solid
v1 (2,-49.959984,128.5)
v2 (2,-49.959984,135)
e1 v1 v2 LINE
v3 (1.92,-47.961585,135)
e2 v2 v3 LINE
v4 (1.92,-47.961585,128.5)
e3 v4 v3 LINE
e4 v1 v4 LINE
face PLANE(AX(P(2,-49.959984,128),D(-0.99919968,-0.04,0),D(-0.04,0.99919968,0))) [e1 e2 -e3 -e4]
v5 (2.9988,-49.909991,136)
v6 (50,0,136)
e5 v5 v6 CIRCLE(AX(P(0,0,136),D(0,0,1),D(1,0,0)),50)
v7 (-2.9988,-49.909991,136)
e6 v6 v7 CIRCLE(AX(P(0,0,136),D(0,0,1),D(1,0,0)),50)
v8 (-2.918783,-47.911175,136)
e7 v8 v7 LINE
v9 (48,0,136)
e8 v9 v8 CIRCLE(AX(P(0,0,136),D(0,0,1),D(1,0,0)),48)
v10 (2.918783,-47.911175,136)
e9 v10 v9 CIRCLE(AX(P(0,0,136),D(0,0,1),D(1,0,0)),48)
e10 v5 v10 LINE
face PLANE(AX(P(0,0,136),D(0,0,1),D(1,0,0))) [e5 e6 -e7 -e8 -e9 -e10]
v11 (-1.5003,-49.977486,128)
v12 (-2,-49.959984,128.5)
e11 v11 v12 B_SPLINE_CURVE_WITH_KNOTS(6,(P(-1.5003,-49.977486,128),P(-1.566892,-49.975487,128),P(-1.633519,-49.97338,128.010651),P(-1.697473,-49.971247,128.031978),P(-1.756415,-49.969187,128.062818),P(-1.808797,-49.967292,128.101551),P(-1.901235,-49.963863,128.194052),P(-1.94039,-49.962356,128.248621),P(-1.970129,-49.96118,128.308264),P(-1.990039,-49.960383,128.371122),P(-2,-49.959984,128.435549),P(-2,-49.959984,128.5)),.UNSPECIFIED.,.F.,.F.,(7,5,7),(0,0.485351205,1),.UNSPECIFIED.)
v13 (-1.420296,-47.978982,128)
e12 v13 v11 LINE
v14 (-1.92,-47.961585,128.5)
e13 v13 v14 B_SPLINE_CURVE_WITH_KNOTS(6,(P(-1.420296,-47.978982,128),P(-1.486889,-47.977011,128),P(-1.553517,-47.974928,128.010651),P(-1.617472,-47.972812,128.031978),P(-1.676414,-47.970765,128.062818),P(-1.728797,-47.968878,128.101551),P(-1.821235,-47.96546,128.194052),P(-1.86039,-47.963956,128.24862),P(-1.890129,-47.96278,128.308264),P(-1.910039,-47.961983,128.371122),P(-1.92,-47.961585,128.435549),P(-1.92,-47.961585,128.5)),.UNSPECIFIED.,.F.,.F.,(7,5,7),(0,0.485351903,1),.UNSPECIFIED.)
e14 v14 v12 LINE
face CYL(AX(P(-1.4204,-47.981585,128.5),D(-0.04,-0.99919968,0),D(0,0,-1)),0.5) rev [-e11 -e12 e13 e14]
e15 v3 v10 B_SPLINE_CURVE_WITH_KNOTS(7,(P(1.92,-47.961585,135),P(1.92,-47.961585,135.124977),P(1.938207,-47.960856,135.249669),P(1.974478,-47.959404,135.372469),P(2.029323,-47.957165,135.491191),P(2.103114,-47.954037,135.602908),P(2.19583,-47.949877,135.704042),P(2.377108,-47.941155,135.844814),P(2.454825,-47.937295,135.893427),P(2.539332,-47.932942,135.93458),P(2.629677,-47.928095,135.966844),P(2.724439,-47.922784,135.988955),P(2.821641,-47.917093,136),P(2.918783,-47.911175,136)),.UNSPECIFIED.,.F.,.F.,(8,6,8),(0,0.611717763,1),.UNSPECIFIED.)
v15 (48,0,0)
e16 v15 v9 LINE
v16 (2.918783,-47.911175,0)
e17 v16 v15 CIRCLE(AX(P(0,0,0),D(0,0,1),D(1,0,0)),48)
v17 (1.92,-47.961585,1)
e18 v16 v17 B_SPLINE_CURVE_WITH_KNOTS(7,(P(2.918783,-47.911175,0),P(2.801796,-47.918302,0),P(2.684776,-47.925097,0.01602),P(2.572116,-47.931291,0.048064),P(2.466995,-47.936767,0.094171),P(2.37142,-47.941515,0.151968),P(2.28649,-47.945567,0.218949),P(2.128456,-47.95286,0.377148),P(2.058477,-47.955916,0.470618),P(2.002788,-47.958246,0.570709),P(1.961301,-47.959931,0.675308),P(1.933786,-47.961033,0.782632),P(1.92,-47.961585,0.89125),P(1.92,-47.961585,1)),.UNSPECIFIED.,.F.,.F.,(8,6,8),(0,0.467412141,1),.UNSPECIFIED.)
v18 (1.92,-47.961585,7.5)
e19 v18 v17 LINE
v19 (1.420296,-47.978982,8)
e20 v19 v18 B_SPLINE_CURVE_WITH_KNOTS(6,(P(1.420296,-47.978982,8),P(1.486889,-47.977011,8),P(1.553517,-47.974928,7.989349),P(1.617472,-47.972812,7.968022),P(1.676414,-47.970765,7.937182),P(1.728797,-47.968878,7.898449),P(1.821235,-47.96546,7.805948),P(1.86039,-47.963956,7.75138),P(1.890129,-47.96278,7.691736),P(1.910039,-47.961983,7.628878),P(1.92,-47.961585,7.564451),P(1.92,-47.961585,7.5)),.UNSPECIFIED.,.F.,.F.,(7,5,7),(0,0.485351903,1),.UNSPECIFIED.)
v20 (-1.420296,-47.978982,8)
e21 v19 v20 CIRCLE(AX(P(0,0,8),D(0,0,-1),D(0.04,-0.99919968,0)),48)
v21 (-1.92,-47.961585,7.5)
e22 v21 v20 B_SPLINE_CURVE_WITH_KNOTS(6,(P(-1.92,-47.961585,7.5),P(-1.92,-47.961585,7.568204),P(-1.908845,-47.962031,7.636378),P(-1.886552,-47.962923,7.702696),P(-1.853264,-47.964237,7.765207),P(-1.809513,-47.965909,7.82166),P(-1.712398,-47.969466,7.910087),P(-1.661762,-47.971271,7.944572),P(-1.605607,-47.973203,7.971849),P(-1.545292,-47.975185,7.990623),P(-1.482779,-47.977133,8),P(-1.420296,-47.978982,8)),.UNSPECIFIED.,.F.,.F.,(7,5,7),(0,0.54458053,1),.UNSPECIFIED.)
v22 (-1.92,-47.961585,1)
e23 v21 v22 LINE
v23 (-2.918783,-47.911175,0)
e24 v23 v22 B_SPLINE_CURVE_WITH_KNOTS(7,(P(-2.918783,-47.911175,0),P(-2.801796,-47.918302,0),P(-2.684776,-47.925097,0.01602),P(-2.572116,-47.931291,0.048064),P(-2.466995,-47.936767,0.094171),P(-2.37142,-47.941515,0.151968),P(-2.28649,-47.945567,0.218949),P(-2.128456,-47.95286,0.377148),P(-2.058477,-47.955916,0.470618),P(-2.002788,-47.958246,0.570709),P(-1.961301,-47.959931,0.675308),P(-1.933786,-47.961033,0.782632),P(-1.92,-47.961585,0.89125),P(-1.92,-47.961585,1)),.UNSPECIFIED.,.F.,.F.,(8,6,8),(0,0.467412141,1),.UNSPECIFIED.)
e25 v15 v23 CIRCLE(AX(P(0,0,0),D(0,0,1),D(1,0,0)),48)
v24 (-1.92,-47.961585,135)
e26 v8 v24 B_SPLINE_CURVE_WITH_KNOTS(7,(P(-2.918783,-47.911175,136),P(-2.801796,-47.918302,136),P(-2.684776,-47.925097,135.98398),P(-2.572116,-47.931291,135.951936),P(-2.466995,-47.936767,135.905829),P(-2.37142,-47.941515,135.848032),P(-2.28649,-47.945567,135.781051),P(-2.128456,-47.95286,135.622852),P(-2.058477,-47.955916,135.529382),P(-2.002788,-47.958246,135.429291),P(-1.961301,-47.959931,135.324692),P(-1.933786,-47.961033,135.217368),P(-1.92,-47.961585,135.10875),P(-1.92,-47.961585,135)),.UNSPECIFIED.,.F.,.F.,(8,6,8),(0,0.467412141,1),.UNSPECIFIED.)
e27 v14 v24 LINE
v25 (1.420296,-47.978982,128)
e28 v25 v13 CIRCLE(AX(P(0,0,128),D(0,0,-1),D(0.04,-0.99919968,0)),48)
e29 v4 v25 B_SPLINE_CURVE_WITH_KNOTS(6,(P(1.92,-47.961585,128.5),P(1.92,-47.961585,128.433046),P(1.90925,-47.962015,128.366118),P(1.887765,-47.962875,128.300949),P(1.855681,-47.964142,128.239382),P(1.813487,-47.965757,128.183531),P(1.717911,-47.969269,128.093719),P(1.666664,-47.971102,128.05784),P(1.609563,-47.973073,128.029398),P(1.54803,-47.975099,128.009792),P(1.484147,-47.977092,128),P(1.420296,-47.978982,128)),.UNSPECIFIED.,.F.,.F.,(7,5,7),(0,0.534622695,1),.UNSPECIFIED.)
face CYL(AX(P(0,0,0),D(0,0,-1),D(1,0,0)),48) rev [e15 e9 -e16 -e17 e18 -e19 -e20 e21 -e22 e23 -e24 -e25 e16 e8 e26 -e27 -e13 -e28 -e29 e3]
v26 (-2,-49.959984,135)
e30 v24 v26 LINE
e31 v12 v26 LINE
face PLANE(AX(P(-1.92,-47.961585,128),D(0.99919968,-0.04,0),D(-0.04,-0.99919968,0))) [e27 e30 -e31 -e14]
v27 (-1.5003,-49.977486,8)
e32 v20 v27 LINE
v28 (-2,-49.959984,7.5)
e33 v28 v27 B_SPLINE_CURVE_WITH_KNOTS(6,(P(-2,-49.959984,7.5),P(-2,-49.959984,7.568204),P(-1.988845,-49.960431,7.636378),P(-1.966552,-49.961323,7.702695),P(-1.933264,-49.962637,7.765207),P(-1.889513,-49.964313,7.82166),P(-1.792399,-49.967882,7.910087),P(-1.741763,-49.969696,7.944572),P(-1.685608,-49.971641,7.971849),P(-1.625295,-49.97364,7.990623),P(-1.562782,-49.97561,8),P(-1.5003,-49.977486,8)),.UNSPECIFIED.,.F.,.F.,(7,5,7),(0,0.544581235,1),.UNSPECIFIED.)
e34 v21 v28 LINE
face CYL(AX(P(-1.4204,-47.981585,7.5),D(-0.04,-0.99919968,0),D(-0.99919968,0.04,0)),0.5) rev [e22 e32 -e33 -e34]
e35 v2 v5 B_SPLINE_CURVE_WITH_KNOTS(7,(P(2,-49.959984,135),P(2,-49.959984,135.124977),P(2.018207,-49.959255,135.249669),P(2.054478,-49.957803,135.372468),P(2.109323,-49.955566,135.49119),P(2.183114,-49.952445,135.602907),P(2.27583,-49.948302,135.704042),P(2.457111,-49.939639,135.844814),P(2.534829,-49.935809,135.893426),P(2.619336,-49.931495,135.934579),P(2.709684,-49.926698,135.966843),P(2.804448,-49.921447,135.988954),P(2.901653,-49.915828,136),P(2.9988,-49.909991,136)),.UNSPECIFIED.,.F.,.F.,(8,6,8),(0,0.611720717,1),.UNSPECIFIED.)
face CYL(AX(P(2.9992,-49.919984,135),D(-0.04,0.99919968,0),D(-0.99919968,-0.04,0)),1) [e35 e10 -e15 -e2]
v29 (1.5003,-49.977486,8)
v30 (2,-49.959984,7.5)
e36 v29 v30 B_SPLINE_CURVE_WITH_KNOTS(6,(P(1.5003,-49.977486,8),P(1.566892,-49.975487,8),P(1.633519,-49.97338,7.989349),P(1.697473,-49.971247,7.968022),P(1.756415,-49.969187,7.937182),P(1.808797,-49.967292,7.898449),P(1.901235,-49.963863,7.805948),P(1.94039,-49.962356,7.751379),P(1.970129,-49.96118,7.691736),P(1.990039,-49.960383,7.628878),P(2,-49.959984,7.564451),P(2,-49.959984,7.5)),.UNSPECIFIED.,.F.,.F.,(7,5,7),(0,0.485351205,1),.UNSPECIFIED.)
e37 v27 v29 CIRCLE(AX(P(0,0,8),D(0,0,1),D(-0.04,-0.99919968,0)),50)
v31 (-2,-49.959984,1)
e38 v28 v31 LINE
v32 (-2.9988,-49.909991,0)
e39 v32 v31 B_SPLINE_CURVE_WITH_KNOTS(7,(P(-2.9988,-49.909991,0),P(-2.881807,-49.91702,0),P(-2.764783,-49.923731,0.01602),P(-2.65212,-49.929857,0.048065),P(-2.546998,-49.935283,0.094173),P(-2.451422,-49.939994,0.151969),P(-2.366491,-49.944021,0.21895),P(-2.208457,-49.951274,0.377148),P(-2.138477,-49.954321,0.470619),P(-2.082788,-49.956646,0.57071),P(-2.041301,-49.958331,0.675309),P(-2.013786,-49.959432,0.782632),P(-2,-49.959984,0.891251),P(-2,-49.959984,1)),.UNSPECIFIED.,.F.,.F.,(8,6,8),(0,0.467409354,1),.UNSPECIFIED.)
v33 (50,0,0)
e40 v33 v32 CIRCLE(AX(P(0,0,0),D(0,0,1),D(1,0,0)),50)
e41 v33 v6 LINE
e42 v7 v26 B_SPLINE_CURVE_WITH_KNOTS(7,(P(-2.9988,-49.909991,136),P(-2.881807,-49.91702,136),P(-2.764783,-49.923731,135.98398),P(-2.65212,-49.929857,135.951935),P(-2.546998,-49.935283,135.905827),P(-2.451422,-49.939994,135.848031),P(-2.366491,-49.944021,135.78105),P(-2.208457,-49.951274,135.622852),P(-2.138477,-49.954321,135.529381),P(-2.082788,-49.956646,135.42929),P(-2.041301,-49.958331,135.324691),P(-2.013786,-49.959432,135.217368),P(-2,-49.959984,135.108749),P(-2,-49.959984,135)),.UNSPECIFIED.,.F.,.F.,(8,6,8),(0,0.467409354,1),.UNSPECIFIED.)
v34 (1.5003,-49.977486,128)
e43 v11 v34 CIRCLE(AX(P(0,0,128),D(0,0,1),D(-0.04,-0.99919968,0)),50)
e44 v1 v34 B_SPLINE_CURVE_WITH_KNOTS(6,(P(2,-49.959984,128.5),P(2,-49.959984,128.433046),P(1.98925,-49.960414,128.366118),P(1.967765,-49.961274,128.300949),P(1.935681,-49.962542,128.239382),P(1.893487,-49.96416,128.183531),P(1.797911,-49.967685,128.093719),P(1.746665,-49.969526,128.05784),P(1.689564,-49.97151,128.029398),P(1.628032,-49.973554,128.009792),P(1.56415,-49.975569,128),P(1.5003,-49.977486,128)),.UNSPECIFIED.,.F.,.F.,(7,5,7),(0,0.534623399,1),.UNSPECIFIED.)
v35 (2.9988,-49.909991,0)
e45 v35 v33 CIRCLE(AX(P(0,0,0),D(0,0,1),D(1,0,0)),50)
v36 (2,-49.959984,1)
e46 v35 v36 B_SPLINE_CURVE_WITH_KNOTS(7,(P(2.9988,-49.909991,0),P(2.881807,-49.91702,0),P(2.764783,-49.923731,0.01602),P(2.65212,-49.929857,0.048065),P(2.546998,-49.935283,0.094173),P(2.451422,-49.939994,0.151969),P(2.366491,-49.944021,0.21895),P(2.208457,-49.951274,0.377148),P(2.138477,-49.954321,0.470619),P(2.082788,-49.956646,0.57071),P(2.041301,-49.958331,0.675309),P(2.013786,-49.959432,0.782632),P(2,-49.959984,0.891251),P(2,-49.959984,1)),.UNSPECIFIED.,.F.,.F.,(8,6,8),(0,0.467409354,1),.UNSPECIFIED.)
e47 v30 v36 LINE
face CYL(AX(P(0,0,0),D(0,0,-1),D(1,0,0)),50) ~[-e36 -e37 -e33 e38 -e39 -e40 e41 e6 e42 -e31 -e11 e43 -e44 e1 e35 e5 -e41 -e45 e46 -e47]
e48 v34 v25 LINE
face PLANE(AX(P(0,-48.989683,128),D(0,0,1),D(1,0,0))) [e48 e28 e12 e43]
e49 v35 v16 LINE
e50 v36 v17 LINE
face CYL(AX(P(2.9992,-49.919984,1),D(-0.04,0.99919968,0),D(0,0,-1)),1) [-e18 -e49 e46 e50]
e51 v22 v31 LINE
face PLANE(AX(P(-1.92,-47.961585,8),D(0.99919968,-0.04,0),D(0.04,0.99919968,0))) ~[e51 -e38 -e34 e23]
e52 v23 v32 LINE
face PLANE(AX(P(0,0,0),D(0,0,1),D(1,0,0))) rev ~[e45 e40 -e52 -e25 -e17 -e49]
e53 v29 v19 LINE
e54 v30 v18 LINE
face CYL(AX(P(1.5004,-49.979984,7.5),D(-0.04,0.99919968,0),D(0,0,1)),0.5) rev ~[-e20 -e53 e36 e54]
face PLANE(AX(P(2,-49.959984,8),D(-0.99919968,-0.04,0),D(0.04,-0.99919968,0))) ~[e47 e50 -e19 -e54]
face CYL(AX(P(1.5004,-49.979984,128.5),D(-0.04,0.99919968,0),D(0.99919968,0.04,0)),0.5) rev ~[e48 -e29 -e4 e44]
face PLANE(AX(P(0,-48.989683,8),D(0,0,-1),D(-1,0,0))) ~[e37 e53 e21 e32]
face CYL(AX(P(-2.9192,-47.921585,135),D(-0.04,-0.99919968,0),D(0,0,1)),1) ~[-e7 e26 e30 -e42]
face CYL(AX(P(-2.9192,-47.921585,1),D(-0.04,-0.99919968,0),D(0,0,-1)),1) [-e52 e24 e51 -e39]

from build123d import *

# Parameters (mm, degrees)
SKETCH_1_R          = 50
SKETCH_1_R_2        = 48
EXTRUDE_1_DEPTH     = 136
CUT_EXTRUDE_START   = -8
CUT_EXTRUDE_1_DEPTH = 8
FILLET_1_R          = 0.5
FILLET_2_R          = 1


with BuildPart() as part:
    # Эскиз1 → Бобышка-Вытянуть1 (new body)
    with BuildSketch(Plane.XY):
        Circle(SKETCH_1_R)
        Circle(SKETCH_1_R_2, mode=Mode.SUBTRACT)
    extrude(amount=EXTRUDE_1_DEPTH)

    # Эскиз3 → Вырез-Вытянуть1 (cut)
    with BuildSketch(Plane.XY.offset(136).offset(CUT_EXTRUDE_START)):
        with BuildLine():
            Line((-1.92, -47.961584628), (-2, -49.959983987))
            ThreePointArc((-2, -49.959983987), (0, -50), (2, -49.959983987))
            Line((2, -49.959983987), (1.92, -47.961584628))
            ThreePointArc((1.92, -47.961584628), (0, -48), (-1.92, -47.961584628))
        make_face()
    cut_extrude_1 = extrude(amount=CUT_EXTRUDE_1_DEPTH, mode=Mode.SUBTRACT)

    # Зеркальное отражение3: Вырез-Вытянуть1 across plane
    add(cut_extrude_1.mirror(Plane.XY.offset(68)), mode=Mode.SUBTRACT)

    # Скругление1
    fillet_1_edges = [part.edges().sort_by_distance(p)[0] for p in [
        (-1.96, -48.960784307, 128),
        (1.96, -48.960784307, 128),
        (1.96, -48.960784307, 8),
        (-1.96, -48.960784307, 8),
    ]]
    fillet(fillet_1_edges, radius=FILLET_1_R)

    # Скругление2
    fillet_2_edges = [part.edges().sort_by_distance(p)[0] for p in [
        (1.96, -48.960784307, 136),
        (-1.96, -48.960784307, 136),
        (1.96, -48.960784307, 0),
        (-1.96, -48.960784307, 0),
    ]]
    fillet(fillet_2_edges, radius=FILLET_2_R)


solid = part.part
